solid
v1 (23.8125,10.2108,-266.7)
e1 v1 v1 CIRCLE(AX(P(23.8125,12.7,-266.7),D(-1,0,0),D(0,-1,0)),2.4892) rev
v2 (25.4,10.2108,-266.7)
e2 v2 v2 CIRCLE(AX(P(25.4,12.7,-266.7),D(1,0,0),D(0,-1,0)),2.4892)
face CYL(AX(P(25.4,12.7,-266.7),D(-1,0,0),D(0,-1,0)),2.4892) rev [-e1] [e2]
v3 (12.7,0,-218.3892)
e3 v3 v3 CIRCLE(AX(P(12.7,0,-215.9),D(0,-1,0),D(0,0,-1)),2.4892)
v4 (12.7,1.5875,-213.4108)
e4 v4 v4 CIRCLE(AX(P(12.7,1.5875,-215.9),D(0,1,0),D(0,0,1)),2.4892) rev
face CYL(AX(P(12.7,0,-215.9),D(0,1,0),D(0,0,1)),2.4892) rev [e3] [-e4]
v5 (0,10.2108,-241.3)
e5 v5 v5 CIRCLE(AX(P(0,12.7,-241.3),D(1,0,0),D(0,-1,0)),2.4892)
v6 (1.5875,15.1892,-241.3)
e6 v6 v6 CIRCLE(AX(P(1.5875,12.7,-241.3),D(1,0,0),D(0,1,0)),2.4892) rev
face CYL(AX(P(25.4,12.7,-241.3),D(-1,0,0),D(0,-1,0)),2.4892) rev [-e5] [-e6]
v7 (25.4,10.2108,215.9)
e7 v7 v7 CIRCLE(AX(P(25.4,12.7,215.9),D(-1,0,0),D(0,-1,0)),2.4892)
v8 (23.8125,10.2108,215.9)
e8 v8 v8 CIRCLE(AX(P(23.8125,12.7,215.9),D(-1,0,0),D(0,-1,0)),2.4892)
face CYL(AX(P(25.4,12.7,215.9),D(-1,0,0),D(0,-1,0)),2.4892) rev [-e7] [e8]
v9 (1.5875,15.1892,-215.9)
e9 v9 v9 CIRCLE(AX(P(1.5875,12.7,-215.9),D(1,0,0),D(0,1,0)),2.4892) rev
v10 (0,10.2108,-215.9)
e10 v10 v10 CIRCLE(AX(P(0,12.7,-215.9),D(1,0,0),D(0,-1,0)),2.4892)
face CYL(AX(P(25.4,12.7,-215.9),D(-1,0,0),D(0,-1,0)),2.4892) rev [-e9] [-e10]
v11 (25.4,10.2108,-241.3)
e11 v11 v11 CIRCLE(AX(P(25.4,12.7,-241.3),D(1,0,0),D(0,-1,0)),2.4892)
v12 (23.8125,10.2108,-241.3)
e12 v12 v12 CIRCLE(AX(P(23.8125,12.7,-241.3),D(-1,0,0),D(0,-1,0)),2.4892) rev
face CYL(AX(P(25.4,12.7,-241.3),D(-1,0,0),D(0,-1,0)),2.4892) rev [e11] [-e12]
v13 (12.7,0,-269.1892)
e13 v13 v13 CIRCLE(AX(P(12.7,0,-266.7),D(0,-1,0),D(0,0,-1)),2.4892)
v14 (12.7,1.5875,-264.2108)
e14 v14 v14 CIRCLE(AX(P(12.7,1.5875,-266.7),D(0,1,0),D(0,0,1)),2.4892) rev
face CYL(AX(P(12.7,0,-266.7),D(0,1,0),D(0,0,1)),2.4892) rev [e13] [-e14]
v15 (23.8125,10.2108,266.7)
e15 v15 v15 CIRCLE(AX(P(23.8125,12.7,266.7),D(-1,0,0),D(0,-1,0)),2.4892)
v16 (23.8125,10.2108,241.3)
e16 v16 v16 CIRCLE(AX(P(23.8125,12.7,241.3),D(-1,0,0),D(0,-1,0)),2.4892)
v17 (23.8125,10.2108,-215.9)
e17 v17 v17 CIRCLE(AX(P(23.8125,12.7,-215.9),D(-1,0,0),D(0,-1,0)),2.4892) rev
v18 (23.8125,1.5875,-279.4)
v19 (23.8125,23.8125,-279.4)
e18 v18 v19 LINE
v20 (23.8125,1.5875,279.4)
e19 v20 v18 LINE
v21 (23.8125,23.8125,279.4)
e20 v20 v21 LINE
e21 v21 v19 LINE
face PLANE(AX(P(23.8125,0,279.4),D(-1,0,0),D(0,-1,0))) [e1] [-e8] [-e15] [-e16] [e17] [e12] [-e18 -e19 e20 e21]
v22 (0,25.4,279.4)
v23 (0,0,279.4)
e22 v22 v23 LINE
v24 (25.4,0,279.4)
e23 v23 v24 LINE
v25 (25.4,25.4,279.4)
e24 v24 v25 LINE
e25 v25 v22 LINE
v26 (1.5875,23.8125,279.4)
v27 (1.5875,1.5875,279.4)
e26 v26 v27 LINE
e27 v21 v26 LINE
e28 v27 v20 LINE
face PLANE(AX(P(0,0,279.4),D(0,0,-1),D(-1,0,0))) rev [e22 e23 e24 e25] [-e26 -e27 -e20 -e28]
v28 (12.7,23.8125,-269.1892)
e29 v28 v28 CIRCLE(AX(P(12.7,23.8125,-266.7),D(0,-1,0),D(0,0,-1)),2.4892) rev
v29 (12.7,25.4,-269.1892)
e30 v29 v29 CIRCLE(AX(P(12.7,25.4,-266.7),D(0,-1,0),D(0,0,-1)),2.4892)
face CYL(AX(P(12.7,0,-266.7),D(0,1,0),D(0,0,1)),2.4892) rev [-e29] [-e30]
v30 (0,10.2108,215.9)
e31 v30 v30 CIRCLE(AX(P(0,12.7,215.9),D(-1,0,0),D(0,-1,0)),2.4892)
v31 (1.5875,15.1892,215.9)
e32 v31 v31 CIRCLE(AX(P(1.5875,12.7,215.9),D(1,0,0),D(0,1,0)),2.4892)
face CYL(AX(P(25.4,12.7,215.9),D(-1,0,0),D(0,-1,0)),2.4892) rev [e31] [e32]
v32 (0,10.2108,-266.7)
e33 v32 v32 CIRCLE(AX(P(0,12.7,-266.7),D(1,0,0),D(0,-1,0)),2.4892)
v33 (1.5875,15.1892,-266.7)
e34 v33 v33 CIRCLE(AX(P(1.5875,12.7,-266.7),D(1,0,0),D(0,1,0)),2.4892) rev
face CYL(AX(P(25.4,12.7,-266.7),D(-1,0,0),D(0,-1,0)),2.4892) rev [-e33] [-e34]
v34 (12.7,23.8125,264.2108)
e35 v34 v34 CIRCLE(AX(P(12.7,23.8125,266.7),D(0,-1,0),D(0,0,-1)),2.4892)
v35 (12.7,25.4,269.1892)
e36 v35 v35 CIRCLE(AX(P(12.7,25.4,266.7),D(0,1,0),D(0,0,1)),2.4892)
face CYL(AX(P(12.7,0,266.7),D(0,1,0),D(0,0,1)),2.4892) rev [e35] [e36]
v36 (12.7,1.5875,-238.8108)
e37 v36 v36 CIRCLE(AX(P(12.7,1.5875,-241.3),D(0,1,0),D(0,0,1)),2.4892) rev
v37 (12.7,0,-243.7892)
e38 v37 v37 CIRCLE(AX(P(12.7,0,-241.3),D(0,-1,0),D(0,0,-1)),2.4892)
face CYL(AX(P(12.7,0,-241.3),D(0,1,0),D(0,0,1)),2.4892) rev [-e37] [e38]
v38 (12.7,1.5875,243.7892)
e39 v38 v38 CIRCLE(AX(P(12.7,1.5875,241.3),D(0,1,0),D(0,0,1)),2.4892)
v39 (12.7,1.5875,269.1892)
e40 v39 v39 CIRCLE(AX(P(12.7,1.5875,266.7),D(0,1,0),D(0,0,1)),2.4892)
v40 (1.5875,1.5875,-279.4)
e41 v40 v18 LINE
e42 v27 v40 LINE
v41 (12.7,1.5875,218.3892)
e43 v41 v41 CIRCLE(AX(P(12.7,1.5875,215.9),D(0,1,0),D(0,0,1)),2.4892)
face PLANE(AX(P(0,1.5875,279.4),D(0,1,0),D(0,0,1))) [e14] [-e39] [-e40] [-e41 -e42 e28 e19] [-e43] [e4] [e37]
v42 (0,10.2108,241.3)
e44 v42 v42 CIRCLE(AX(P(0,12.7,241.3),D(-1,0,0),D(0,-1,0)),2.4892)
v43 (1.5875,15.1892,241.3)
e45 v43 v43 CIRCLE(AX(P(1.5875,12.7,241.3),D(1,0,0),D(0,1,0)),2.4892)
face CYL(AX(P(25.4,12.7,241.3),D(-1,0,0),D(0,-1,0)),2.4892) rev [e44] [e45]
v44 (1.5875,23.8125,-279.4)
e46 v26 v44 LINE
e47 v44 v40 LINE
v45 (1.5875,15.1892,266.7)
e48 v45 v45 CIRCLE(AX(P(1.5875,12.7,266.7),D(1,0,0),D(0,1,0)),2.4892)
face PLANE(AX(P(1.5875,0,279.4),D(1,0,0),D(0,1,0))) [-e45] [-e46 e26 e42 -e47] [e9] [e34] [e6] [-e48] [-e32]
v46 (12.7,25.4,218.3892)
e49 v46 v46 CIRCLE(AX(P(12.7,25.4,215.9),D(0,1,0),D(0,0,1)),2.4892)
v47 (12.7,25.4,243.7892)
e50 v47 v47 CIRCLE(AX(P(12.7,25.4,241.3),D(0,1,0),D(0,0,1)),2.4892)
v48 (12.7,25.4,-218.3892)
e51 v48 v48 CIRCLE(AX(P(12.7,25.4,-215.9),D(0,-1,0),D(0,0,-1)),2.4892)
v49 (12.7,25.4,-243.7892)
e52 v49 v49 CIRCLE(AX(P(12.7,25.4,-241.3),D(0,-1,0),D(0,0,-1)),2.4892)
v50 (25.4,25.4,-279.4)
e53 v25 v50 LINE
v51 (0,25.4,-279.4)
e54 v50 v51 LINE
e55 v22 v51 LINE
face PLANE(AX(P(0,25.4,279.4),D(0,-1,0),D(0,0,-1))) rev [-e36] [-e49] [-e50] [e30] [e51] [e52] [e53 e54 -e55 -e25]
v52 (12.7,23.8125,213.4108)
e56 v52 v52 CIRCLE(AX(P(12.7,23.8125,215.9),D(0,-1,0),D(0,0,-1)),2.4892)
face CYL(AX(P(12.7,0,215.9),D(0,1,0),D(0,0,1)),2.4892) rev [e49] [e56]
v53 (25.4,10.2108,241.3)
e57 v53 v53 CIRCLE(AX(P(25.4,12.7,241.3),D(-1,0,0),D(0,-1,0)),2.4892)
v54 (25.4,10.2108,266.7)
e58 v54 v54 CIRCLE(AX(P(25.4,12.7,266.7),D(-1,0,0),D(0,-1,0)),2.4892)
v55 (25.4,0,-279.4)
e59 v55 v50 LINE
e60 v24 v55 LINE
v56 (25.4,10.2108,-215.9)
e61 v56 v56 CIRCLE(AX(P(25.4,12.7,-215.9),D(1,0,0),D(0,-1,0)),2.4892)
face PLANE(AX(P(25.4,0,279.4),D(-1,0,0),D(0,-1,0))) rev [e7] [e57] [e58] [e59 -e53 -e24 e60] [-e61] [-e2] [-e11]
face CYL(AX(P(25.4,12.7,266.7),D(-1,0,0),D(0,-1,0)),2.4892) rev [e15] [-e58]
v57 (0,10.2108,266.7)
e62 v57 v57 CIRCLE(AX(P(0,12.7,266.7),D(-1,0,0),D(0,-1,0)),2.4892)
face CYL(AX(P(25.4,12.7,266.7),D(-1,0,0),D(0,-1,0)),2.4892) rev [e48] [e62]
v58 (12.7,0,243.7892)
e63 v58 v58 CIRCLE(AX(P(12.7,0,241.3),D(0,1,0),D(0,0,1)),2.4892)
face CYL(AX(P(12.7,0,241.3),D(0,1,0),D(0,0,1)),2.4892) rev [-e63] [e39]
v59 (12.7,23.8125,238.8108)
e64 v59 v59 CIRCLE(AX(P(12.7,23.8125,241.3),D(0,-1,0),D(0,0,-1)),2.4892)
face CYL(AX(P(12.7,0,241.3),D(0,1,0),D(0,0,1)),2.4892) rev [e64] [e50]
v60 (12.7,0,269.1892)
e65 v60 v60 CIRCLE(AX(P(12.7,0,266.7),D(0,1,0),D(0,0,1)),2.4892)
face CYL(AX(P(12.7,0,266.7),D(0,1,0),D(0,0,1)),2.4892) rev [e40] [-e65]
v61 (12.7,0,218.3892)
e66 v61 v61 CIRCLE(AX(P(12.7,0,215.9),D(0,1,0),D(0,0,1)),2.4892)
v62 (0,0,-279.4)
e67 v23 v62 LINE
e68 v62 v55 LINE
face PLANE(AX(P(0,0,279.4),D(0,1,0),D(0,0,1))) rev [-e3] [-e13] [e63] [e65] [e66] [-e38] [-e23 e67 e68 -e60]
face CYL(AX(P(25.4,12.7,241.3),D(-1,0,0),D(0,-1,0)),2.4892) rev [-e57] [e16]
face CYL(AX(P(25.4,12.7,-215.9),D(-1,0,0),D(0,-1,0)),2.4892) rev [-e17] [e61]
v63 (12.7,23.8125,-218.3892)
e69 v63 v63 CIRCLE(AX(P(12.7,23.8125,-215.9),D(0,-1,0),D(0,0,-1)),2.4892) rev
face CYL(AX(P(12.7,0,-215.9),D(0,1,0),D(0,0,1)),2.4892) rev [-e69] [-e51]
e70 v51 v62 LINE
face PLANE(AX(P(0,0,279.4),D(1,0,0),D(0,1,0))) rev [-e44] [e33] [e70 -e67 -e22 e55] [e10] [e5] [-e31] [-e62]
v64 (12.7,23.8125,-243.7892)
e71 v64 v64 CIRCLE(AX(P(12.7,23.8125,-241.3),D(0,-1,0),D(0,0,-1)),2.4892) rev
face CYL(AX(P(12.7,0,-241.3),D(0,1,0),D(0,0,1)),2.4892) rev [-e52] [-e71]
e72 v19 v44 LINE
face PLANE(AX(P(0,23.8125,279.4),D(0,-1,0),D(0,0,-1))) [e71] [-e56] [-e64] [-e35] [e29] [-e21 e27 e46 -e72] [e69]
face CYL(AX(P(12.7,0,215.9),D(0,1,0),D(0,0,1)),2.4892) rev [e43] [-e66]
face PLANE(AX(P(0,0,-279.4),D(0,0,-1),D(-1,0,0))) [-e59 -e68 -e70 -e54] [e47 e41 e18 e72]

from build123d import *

# Parameters (mm, degrees)
SKETCH1_W           = 25.4
SKETCH1_H           = 25.4
BOSS_EXTRUDE1_DEPTH = 279.4
SHELL1_T            = -1.5875
SKETCH2_R           = 2.4892
CUT_EXTRUDE1_DEPTH  = 282.699627263
SKETCH3_R           = 2.4892
CUT_EXTRUDE2_DEPTH  = 282.699627263


with BuildPart() as part:
    # Sketch1 → Boss-Extrude1 (new, symmetric)
    with BuildSketch(Plane.XY):
        with Locations((12.7, 12.7)):
            Rectangle(SKETCH1_W, SKETCH1_H)
    extrude(amount=BOSS_EXTRUDE1_DEPTH, both=True)

    # Shell1
    shell1_openings = [part.faces().sort_by_distance(p)[0] for p in [
        (12.7, 12.7, 279.4),
        (12.7, 12.7, -279.4),
    ]]
    offset(amount=SHELL1_T, openings=shell1_openings, kind=Kind.INTERSECTION)

    # Sketch2 → Cut-Extrude1 (cut, through all)
    with BuildSketch(Plane(origin=(0, 25.4, 0), x_dir=(1, 0, 0), z_dir=(0, 1, 0))):
        with Locations(Location((12.7, -266.7, 0), (0, 0, 270))):
            Circle(SKETCH2_R)
        with Locations(Location((12.7, -241.3, 0), (0, 0, 270))):
            Circle(SKETCH2_R)
        with Locations(Location((12.7, -215.9, 0), (0, 0, 270))):
            Circle(SKETCH2_R)
    cut_extrude1 = extrude(amount=-CUT_EXTRUDE1_DEPTH, mode=Mode.SUBTRACT)

    # Sketch3 → Cut-Extrude2 (cut, through all)
    with BuildSketch(Plane.ZY):
        with Locations(Location((266.7, 12.7, 0), (0, 0, 270))):
            Circle(SKETCH3_R)
        with Locations(Location((241.3, 12.7, 0), (0, 0, 270))):
            Circle(SKETCH3_R)
        with Locations(Location((215.9, 12.7, 0), (0, 0, 270))):
            Circle(SKETCH3_R)
    cut_extrude2 = extrude(amount=-CUT_EXTRUDE2_DEPTH, mode=Mode.SUBTRACT)

    # Mirror1: Cut-Extrude1, Cut-Extrude2 across plane
    add(cut_extrude1.mirror(Plane.XY), mode=Mode.SUBTRACT)
    add(cut_extrude2.mirror(Plane.XY), mode=Mode.SUBTRACT)


solid = part.part
